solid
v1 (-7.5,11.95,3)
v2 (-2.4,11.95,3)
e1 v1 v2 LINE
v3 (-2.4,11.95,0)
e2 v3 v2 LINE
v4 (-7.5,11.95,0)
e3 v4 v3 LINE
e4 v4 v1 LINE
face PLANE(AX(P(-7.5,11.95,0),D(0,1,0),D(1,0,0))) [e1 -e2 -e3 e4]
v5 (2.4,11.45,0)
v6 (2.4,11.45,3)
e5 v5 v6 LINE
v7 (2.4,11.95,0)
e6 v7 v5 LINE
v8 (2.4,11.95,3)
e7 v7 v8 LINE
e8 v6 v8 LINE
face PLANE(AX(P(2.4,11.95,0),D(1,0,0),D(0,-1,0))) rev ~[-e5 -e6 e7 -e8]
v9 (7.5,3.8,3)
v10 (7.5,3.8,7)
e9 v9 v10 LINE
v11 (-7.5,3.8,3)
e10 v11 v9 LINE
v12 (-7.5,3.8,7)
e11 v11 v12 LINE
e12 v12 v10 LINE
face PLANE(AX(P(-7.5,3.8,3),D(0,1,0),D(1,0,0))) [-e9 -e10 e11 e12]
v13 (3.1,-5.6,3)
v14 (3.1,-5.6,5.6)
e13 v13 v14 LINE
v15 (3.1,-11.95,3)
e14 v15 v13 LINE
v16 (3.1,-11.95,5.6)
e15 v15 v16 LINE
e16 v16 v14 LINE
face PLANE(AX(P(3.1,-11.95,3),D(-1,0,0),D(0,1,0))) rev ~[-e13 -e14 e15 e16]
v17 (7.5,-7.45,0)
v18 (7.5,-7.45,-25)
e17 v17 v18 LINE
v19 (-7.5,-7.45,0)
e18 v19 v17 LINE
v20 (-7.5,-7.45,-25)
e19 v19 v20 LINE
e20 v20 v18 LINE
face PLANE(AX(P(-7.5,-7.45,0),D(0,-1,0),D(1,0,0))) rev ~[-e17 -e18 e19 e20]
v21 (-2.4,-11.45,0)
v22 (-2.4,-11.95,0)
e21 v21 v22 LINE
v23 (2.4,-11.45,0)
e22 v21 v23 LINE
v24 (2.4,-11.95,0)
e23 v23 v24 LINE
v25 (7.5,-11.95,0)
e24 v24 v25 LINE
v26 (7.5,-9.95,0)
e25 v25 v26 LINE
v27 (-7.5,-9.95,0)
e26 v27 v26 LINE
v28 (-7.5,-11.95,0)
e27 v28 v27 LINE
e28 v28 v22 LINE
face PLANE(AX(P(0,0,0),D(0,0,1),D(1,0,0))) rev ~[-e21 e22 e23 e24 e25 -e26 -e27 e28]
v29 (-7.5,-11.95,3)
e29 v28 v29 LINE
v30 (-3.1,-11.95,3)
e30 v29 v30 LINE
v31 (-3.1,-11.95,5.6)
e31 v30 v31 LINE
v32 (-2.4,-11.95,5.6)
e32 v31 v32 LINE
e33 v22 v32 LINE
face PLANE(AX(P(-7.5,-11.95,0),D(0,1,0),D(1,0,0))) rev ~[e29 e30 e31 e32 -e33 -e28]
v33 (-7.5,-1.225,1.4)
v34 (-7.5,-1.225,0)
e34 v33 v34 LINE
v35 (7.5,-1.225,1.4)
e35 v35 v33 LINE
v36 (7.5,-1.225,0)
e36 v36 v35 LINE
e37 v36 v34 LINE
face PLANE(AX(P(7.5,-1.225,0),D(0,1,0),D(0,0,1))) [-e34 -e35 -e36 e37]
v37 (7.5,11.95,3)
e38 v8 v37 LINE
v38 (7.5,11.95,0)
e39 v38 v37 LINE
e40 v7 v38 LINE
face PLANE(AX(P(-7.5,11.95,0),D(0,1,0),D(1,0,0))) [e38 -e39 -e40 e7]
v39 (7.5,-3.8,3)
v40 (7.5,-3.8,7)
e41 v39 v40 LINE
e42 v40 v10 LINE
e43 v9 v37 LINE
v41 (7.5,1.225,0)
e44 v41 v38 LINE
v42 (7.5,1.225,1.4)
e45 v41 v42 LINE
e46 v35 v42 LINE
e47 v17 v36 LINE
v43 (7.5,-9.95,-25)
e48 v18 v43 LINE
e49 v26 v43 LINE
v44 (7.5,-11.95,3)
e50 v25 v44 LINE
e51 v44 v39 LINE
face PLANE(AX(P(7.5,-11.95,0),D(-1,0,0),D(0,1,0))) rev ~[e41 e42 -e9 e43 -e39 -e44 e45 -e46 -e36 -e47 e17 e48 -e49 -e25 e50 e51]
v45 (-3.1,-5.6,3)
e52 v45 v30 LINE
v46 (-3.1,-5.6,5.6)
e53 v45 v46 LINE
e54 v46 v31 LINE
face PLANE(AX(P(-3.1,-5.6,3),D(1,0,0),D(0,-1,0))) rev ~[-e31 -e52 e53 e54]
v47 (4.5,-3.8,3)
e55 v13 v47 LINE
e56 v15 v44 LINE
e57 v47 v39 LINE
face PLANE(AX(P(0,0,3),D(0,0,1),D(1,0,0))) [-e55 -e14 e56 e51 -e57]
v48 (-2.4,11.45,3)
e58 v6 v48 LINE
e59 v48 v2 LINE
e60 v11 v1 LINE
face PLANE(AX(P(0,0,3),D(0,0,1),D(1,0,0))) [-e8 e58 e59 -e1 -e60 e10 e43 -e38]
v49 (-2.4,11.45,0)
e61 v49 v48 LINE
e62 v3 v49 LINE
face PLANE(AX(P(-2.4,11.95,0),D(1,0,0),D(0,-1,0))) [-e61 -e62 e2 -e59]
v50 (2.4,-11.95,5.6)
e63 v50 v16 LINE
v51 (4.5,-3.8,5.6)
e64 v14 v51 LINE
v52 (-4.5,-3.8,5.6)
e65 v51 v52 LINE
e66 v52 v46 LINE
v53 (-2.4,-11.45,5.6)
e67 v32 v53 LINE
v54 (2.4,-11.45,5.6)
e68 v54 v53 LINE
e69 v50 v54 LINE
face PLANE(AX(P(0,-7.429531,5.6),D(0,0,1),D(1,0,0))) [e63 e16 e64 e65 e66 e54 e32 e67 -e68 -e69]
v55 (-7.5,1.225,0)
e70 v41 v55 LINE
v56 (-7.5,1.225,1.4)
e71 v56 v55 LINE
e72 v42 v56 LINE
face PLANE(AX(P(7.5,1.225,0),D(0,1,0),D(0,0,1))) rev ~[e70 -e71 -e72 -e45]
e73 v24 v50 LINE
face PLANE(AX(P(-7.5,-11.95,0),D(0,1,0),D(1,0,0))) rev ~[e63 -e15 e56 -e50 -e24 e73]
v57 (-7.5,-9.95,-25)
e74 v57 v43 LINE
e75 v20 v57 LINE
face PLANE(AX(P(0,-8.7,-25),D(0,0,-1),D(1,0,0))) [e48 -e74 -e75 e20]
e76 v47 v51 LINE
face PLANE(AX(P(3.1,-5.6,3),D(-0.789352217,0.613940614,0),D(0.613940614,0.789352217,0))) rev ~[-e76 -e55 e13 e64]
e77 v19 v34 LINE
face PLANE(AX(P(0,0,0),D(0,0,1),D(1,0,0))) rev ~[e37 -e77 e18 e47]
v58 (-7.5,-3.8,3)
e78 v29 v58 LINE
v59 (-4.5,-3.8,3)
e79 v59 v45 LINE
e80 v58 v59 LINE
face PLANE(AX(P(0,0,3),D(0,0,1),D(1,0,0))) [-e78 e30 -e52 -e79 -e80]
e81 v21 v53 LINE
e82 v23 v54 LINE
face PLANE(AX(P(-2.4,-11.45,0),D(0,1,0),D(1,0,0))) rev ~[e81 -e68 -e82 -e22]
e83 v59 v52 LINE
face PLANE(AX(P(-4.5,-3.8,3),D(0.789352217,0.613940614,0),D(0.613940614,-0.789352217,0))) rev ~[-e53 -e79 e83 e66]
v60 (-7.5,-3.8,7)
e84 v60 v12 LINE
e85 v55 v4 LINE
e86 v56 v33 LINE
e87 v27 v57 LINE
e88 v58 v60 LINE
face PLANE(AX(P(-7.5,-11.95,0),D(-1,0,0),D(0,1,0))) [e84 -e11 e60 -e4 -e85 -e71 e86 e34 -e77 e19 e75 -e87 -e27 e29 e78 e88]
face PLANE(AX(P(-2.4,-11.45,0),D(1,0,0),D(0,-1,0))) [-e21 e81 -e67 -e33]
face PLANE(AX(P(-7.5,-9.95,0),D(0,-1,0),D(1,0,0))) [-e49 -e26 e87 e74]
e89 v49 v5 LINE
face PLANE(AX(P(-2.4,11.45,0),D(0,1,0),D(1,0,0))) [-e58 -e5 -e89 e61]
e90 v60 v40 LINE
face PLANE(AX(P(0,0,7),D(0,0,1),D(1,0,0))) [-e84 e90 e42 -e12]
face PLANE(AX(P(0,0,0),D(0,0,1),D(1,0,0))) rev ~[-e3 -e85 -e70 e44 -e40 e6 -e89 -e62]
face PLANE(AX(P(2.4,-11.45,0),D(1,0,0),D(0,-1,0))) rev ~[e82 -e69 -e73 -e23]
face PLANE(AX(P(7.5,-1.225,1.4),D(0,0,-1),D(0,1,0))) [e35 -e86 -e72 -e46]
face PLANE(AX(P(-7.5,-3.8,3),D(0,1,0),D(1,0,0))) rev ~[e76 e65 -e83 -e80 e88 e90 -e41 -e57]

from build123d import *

# Parameters (mm, degrees)
SKETCH_W        = 15
SKETCH_H        = 23.9
PAD_DEPTH       = 3
SKETCH001_W     = 15
SKETCH001_H     = 7.6
PAD001_DEPTH    = 4
PAD002_DEPTH    = 2.6
SKETCH003_W     = 4.8
SKETCH003_H     = 0.5
POCKET_DEPTH    = 20
SKETCH004_W     = 2.45
SKETCH004_H     = 1.4
POCKET001_DEPTH = 20
SKETCH005_W     = 15
SKETCH005_H     = 2.5
PAD003_DEPTH    = 25


with BuildPart() as part:
    # Sketch → Pad (new body)
    with BuildSketch(Plane.XY):
        Rectangle(SKETCH_W, SKETCH_H)
    extrude(amount=PAD_DEPTH)

    # Sketch001 → Pad001 (new body)
    with BuildSketch(Plane.XY.offset(3)):
        Rectangle(SKETCH001_W, SKETCH001_H)
    extrude(amount=PAD001_DEPTH)

    # Sketch002 → Pad002 (new body)
    with BuildSketch(Plane.XY.offset(3)):
        Polygon((-3.1, -11.95), (3.1, -11.95), (3.1, -5.6), (4.5, -3.8), (-4.5, -3.8), (-3.1, -5.6), align=None)
    extrude(amount=PAD002_DEPTH)

    # Sketch003 → Pocket (cut)
    with BuildSketch(Plane(origin=(0, 0, 0), x_dir=(1, 0, 0), z_dir=(0, 0, -1))):
        with Locations((0, 11.7)):
            Rectangle(SKETCH003_W, SKETCH003_H)
        with Locations((0, -11.7)):
            Rectangle(SKETCH003_W, SKETCH003_H)
    extrude(amount=-POCKET_DEPTH, mode=Mode.SUBTRACT)

    # Sketch004 → Pocket001 (cut)
    with BuildSketch(Plane.YZ.offset(7.5)):
        with Locations((0, 0.7)):
            Rectangle(SKETCH004_W, SKETCH004_H)
    extrude(amount=-POCKET001_DEPTH, mode=Mode.SUBTRACT)

    # Sketch005 → Pad003 (new body)
    with BuildSketch(Plane(origin=(0, 0, 0), x_dir=(1, 0, 0), z_dir=(0, 0, -1))):
        with Locations((0, 8.7)):
            Rectangle(SKETCH005_W, SKETCH005_H)
    extrude(amount=PAD003_DEPTH)


solid = part.part
